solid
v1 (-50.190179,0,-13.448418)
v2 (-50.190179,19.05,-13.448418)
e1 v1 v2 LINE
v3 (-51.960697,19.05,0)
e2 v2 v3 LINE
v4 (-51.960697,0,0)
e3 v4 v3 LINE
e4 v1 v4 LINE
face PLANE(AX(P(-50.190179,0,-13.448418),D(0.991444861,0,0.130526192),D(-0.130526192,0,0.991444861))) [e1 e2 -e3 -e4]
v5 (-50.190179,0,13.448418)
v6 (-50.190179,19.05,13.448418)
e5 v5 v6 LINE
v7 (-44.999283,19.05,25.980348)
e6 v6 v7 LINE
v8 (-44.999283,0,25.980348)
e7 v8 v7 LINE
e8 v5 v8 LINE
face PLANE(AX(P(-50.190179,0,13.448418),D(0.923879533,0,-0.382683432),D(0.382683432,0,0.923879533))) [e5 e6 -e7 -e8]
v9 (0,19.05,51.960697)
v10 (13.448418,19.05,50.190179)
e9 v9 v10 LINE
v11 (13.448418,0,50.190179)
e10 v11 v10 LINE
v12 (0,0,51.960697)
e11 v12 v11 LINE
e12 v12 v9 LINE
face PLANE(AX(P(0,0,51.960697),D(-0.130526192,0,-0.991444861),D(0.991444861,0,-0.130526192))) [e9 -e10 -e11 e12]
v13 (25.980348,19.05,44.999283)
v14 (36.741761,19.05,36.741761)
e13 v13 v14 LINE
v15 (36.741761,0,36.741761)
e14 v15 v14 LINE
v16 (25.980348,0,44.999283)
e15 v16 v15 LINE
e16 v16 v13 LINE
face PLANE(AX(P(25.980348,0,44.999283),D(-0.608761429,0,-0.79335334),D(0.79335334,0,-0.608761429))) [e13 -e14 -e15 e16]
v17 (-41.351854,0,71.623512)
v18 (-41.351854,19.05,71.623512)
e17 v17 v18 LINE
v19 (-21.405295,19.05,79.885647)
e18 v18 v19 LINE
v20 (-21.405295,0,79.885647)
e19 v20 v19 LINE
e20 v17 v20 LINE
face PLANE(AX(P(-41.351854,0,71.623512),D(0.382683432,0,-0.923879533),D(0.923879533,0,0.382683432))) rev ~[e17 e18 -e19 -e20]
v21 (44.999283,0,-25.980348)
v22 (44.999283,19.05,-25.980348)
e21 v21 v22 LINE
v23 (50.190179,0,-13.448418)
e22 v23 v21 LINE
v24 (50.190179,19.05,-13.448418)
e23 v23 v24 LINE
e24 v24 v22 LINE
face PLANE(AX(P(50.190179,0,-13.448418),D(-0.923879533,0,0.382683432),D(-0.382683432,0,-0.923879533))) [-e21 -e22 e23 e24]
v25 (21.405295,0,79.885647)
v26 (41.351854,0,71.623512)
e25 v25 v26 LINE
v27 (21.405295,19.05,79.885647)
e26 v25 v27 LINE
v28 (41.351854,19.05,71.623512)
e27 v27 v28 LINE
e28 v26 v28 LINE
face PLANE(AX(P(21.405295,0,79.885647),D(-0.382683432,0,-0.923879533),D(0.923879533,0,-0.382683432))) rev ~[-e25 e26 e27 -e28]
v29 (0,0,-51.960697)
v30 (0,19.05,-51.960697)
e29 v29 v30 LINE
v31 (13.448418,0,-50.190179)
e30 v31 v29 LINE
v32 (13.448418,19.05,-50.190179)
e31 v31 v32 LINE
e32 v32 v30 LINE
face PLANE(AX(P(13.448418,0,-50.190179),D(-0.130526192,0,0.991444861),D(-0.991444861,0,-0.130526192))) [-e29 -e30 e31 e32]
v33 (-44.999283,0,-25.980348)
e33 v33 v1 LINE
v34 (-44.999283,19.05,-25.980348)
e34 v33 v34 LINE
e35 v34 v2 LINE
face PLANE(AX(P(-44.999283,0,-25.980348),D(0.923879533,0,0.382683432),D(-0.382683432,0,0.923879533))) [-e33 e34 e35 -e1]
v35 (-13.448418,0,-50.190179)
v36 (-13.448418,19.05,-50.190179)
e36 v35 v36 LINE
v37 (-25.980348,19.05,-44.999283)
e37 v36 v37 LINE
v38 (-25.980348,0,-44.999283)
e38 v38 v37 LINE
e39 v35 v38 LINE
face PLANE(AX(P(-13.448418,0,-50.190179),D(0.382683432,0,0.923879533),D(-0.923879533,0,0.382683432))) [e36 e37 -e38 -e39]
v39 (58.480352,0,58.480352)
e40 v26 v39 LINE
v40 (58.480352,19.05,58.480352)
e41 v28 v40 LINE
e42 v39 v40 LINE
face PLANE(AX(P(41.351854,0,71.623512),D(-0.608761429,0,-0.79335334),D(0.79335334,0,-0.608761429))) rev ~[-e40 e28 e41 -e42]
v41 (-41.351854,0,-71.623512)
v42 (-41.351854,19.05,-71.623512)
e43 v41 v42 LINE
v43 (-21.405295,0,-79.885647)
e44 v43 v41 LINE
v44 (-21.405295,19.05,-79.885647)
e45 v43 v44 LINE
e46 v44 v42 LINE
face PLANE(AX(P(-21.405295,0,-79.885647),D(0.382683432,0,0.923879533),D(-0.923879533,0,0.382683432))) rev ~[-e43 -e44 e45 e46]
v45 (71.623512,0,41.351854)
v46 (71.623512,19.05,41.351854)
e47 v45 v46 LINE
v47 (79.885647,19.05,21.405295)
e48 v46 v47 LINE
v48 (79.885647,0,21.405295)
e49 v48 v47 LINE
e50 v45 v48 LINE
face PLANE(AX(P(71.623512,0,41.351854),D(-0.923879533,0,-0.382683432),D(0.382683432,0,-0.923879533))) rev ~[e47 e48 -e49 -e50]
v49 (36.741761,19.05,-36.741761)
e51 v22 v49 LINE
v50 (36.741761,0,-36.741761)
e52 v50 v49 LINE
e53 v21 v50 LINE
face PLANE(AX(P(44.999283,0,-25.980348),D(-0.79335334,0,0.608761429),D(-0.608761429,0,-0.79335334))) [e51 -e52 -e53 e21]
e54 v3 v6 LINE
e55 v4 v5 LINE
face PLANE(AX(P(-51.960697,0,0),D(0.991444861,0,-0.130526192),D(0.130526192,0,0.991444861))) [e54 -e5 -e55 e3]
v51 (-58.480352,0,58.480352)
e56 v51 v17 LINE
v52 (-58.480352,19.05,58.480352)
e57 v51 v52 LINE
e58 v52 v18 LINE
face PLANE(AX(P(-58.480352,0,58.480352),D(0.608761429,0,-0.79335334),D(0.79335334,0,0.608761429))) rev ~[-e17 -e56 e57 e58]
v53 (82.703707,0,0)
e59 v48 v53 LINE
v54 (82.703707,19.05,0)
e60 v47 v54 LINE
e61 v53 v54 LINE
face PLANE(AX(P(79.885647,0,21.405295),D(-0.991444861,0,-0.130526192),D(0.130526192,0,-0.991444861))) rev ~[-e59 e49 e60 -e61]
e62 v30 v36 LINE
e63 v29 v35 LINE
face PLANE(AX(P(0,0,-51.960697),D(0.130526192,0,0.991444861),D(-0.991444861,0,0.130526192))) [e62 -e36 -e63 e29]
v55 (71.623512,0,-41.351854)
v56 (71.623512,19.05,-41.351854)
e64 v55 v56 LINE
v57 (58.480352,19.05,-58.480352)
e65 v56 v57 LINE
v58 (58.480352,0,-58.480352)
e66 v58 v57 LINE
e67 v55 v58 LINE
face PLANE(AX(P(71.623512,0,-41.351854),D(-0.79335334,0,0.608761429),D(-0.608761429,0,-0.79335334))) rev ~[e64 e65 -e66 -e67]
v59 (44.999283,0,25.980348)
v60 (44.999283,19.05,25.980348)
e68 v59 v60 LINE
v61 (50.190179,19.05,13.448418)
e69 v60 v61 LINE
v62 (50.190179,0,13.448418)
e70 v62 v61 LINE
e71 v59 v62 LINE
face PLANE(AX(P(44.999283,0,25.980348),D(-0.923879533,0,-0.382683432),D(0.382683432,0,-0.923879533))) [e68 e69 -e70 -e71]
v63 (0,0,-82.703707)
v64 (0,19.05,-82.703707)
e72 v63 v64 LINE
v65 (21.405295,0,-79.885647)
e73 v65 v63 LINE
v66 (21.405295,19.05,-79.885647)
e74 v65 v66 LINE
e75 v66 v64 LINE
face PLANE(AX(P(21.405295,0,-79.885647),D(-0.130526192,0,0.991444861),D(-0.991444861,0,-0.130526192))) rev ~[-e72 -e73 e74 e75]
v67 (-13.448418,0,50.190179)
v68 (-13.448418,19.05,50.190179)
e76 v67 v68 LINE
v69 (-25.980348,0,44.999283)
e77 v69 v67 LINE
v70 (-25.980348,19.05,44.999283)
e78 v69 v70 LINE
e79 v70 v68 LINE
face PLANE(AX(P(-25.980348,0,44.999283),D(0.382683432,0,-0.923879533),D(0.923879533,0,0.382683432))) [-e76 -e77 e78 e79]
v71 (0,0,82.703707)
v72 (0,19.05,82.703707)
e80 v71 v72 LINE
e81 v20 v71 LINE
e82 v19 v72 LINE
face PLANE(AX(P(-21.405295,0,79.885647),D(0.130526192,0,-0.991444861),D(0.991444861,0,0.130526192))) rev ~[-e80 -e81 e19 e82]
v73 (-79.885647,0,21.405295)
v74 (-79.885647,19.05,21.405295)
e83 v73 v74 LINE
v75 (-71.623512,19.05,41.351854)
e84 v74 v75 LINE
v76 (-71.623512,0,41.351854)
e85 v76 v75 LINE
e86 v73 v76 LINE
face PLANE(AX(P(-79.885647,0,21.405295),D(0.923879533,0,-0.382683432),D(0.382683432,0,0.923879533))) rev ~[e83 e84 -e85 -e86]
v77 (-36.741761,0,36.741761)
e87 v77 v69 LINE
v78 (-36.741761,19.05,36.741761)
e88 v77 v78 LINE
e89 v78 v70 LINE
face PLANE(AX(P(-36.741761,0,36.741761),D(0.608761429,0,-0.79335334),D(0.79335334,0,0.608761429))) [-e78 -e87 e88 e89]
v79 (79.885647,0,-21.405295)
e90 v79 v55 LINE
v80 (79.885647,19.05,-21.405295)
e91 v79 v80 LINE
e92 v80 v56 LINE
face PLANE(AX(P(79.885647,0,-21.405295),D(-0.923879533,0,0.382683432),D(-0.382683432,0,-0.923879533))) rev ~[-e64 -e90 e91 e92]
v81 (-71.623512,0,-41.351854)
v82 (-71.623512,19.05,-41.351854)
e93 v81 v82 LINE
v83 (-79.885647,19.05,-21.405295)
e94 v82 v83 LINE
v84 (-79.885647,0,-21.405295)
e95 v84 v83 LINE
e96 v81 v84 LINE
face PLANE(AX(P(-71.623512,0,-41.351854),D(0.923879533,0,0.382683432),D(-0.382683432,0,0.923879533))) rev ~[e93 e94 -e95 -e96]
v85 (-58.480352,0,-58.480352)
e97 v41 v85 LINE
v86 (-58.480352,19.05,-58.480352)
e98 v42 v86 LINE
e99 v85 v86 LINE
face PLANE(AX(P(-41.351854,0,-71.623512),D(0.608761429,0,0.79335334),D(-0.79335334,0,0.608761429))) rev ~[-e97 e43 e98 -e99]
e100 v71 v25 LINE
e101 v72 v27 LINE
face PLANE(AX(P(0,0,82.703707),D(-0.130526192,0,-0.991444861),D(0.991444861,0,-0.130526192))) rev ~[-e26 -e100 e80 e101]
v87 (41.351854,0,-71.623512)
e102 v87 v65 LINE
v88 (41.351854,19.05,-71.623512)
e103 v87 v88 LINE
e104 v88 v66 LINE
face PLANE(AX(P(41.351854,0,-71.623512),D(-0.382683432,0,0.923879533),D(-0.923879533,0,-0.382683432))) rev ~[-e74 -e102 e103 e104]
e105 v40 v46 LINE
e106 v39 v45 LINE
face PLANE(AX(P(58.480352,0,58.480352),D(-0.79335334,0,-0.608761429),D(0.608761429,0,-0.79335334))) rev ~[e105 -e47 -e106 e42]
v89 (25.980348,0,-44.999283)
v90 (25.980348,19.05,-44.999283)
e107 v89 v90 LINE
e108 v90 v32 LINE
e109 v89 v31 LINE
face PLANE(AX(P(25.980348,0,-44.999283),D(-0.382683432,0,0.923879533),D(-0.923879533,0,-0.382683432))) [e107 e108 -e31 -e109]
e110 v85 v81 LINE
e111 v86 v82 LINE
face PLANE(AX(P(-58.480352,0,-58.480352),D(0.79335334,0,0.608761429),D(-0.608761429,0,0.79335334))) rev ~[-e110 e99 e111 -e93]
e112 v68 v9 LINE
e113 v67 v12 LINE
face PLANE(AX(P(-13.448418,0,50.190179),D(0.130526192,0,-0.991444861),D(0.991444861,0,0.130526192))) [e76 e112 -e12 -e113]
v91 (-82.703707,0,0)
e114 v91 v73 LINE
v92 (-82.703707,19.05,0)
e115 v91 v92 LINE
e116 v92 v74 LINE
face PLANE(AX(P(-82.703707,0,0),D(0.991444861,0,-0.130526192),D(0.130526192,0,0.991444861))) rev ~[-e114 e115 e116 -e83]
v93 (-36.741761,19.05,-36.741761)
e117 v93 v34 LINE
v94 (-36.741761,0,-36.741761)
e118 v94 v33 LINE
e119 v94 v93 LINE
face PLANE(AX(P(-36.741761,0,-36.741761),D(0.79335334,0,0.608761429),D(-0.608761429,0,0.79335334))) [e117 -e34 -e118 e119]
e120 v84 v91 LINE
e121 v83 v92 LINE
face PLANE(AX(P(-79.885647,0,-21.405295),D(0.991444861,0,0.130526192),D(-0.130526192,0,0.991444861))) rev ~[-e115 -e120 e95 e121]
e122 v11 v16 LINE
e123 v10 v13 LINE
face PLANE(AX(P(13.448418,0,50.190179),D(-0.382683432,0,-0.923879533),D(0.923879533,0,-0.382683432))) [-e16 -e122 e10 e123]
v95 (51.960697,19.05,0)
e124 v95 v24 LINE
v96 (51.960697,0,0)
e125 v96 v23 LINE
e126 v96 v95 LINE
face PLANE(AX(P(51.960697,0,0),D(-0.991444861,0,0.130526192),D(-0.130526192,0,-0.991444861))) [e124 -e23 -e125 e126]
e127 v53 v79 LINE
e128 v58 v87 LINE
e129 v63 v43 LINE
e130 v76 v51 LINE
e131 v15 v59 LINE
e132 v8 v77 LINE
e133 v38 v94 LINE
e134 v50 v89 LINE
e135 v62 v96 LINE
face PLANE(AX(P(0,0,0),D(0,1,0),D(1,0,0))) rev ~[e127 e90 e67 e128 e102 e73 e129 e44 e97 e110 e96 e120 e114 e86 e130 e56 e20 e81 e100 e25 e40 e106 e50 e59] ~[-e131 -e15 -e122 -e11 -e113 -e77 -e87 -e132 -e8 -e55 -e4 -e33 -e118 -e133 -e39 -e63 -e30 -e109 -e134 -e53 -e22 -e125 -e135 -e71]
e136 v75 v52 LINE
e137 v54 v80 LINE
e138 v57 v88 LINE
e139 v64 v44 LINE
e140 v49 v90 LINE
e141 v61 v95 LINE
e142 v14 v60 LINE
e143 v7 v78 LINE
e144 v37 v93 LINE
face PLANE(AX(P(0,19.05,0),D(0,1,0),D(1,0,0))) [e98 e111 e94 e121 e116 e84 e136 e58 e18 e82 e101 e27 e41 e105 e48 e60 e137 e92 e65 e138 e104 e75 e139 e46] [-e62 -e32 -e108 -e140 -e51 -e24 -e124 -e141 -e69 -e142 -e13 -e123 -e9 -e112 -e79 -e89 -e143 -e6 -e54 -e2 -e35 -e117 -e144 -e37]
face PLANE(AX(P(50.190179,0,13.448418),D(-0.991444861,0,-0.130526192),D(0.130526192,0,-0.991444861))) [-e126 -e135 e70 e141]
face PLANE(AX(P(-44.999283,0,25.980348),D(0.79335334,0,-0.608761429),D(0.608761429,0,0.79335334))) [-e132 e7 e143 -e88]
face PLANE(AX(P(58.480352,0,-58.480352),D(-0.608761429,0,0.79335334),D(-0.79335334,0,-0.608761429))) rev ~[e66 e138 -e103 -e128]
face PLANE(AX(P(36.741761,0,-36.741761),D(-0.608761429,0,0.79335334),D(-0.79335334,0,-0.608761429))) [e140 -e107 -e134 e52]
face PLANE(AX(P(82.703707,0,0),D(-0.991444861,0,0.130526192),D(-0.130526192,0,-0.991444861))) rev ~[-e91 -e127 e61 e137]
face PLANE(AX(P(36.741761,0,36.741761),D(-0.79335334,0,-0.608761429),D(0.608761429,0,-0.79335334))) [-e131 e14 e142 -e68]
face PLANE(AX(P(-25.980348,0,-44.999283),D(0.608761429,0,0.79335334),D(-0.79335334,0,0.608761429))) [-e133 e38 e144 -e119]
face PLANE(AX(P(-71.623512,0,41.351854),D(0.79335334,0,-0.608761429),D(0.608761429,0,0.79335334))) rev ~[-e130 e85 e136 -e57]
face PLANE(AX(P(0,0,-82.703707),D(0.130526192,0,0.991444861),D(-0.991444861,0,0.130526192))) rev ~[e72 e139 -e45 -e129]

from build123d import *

# Parameters (mm, degrees)
BOSS_EXTRUDE3_DEPTH = 19.05


with BuildPart() as part:
    # Sketch3 → Boss-Extrude3 (new body)
    with BuildSketch(Plane(origin=(0, 0, 0), x_dir=(1, 0, 0), z_dir=(0, 1, 0))):
        Polygon((-82.703707328, 0), (-79.885646838, -21.405294557), (-71.623511533, -41.351853664), (-58.480352281, -58.480352281), (-41.351853664, -71.623511533), (-21.405294557, -79.885646838), (0, -82.703707328), (21.405294557, -79.885646838), (41.351853664, -71.623511533), (58.480352281, -58.480352281), (71.623511533, -41.351853664), (79.885646838, -21.405294557), (82.703707328, 0), (79.885646838, 21.405294557), (71.623511533, 41.351853664), (58.480352281, 58.480352281), (41.351853664, 71.623511533), (21.405294557, 79.885646838), (0, 82.703707328), (-21.405294557, 79.885646838), (-41.351853664, 71.623511533), (-58.480352281, 58.480352281), (-71.623511533, 41.351853664), (-79.885646838, 21.405294557), align=None)
        Polygon((-51.960696609, 0), (-50.190178807, -13.448417879), (-44.999283262, -25.980348305), (-36.741760928, -36.741760928), (-25.980348305, -44.999283262), (-13.448417879, -50.190178807), (0, -51.960696609), (13.448417879, -50.190178807), (25.980348305, -44.999283262), (36.741760928, -36.741760928), (44.999283262, -25.980348305), (50.190178807, -13.448417879), (51.960696609, 0), (50.190178807, 13.448417879), (44.999283262, 25.980348305), (36.741760928, 36.741760928), (25.980348305, 44.999283262), (13.448417879, 50.190178807), (0, 51.960696609), (-13.448417879, 50.190178807), (-25.980348305, 44.999283262), (-36.741760928, 36.741760928), (-44.999283262, 25.980348305), (-50.190178807, 13.448417879), align=None, mode=Mode.SUBTRACT)
    extrude(amount=BOSS_EXTRUDE3_DEPTH)


solid = part.part
